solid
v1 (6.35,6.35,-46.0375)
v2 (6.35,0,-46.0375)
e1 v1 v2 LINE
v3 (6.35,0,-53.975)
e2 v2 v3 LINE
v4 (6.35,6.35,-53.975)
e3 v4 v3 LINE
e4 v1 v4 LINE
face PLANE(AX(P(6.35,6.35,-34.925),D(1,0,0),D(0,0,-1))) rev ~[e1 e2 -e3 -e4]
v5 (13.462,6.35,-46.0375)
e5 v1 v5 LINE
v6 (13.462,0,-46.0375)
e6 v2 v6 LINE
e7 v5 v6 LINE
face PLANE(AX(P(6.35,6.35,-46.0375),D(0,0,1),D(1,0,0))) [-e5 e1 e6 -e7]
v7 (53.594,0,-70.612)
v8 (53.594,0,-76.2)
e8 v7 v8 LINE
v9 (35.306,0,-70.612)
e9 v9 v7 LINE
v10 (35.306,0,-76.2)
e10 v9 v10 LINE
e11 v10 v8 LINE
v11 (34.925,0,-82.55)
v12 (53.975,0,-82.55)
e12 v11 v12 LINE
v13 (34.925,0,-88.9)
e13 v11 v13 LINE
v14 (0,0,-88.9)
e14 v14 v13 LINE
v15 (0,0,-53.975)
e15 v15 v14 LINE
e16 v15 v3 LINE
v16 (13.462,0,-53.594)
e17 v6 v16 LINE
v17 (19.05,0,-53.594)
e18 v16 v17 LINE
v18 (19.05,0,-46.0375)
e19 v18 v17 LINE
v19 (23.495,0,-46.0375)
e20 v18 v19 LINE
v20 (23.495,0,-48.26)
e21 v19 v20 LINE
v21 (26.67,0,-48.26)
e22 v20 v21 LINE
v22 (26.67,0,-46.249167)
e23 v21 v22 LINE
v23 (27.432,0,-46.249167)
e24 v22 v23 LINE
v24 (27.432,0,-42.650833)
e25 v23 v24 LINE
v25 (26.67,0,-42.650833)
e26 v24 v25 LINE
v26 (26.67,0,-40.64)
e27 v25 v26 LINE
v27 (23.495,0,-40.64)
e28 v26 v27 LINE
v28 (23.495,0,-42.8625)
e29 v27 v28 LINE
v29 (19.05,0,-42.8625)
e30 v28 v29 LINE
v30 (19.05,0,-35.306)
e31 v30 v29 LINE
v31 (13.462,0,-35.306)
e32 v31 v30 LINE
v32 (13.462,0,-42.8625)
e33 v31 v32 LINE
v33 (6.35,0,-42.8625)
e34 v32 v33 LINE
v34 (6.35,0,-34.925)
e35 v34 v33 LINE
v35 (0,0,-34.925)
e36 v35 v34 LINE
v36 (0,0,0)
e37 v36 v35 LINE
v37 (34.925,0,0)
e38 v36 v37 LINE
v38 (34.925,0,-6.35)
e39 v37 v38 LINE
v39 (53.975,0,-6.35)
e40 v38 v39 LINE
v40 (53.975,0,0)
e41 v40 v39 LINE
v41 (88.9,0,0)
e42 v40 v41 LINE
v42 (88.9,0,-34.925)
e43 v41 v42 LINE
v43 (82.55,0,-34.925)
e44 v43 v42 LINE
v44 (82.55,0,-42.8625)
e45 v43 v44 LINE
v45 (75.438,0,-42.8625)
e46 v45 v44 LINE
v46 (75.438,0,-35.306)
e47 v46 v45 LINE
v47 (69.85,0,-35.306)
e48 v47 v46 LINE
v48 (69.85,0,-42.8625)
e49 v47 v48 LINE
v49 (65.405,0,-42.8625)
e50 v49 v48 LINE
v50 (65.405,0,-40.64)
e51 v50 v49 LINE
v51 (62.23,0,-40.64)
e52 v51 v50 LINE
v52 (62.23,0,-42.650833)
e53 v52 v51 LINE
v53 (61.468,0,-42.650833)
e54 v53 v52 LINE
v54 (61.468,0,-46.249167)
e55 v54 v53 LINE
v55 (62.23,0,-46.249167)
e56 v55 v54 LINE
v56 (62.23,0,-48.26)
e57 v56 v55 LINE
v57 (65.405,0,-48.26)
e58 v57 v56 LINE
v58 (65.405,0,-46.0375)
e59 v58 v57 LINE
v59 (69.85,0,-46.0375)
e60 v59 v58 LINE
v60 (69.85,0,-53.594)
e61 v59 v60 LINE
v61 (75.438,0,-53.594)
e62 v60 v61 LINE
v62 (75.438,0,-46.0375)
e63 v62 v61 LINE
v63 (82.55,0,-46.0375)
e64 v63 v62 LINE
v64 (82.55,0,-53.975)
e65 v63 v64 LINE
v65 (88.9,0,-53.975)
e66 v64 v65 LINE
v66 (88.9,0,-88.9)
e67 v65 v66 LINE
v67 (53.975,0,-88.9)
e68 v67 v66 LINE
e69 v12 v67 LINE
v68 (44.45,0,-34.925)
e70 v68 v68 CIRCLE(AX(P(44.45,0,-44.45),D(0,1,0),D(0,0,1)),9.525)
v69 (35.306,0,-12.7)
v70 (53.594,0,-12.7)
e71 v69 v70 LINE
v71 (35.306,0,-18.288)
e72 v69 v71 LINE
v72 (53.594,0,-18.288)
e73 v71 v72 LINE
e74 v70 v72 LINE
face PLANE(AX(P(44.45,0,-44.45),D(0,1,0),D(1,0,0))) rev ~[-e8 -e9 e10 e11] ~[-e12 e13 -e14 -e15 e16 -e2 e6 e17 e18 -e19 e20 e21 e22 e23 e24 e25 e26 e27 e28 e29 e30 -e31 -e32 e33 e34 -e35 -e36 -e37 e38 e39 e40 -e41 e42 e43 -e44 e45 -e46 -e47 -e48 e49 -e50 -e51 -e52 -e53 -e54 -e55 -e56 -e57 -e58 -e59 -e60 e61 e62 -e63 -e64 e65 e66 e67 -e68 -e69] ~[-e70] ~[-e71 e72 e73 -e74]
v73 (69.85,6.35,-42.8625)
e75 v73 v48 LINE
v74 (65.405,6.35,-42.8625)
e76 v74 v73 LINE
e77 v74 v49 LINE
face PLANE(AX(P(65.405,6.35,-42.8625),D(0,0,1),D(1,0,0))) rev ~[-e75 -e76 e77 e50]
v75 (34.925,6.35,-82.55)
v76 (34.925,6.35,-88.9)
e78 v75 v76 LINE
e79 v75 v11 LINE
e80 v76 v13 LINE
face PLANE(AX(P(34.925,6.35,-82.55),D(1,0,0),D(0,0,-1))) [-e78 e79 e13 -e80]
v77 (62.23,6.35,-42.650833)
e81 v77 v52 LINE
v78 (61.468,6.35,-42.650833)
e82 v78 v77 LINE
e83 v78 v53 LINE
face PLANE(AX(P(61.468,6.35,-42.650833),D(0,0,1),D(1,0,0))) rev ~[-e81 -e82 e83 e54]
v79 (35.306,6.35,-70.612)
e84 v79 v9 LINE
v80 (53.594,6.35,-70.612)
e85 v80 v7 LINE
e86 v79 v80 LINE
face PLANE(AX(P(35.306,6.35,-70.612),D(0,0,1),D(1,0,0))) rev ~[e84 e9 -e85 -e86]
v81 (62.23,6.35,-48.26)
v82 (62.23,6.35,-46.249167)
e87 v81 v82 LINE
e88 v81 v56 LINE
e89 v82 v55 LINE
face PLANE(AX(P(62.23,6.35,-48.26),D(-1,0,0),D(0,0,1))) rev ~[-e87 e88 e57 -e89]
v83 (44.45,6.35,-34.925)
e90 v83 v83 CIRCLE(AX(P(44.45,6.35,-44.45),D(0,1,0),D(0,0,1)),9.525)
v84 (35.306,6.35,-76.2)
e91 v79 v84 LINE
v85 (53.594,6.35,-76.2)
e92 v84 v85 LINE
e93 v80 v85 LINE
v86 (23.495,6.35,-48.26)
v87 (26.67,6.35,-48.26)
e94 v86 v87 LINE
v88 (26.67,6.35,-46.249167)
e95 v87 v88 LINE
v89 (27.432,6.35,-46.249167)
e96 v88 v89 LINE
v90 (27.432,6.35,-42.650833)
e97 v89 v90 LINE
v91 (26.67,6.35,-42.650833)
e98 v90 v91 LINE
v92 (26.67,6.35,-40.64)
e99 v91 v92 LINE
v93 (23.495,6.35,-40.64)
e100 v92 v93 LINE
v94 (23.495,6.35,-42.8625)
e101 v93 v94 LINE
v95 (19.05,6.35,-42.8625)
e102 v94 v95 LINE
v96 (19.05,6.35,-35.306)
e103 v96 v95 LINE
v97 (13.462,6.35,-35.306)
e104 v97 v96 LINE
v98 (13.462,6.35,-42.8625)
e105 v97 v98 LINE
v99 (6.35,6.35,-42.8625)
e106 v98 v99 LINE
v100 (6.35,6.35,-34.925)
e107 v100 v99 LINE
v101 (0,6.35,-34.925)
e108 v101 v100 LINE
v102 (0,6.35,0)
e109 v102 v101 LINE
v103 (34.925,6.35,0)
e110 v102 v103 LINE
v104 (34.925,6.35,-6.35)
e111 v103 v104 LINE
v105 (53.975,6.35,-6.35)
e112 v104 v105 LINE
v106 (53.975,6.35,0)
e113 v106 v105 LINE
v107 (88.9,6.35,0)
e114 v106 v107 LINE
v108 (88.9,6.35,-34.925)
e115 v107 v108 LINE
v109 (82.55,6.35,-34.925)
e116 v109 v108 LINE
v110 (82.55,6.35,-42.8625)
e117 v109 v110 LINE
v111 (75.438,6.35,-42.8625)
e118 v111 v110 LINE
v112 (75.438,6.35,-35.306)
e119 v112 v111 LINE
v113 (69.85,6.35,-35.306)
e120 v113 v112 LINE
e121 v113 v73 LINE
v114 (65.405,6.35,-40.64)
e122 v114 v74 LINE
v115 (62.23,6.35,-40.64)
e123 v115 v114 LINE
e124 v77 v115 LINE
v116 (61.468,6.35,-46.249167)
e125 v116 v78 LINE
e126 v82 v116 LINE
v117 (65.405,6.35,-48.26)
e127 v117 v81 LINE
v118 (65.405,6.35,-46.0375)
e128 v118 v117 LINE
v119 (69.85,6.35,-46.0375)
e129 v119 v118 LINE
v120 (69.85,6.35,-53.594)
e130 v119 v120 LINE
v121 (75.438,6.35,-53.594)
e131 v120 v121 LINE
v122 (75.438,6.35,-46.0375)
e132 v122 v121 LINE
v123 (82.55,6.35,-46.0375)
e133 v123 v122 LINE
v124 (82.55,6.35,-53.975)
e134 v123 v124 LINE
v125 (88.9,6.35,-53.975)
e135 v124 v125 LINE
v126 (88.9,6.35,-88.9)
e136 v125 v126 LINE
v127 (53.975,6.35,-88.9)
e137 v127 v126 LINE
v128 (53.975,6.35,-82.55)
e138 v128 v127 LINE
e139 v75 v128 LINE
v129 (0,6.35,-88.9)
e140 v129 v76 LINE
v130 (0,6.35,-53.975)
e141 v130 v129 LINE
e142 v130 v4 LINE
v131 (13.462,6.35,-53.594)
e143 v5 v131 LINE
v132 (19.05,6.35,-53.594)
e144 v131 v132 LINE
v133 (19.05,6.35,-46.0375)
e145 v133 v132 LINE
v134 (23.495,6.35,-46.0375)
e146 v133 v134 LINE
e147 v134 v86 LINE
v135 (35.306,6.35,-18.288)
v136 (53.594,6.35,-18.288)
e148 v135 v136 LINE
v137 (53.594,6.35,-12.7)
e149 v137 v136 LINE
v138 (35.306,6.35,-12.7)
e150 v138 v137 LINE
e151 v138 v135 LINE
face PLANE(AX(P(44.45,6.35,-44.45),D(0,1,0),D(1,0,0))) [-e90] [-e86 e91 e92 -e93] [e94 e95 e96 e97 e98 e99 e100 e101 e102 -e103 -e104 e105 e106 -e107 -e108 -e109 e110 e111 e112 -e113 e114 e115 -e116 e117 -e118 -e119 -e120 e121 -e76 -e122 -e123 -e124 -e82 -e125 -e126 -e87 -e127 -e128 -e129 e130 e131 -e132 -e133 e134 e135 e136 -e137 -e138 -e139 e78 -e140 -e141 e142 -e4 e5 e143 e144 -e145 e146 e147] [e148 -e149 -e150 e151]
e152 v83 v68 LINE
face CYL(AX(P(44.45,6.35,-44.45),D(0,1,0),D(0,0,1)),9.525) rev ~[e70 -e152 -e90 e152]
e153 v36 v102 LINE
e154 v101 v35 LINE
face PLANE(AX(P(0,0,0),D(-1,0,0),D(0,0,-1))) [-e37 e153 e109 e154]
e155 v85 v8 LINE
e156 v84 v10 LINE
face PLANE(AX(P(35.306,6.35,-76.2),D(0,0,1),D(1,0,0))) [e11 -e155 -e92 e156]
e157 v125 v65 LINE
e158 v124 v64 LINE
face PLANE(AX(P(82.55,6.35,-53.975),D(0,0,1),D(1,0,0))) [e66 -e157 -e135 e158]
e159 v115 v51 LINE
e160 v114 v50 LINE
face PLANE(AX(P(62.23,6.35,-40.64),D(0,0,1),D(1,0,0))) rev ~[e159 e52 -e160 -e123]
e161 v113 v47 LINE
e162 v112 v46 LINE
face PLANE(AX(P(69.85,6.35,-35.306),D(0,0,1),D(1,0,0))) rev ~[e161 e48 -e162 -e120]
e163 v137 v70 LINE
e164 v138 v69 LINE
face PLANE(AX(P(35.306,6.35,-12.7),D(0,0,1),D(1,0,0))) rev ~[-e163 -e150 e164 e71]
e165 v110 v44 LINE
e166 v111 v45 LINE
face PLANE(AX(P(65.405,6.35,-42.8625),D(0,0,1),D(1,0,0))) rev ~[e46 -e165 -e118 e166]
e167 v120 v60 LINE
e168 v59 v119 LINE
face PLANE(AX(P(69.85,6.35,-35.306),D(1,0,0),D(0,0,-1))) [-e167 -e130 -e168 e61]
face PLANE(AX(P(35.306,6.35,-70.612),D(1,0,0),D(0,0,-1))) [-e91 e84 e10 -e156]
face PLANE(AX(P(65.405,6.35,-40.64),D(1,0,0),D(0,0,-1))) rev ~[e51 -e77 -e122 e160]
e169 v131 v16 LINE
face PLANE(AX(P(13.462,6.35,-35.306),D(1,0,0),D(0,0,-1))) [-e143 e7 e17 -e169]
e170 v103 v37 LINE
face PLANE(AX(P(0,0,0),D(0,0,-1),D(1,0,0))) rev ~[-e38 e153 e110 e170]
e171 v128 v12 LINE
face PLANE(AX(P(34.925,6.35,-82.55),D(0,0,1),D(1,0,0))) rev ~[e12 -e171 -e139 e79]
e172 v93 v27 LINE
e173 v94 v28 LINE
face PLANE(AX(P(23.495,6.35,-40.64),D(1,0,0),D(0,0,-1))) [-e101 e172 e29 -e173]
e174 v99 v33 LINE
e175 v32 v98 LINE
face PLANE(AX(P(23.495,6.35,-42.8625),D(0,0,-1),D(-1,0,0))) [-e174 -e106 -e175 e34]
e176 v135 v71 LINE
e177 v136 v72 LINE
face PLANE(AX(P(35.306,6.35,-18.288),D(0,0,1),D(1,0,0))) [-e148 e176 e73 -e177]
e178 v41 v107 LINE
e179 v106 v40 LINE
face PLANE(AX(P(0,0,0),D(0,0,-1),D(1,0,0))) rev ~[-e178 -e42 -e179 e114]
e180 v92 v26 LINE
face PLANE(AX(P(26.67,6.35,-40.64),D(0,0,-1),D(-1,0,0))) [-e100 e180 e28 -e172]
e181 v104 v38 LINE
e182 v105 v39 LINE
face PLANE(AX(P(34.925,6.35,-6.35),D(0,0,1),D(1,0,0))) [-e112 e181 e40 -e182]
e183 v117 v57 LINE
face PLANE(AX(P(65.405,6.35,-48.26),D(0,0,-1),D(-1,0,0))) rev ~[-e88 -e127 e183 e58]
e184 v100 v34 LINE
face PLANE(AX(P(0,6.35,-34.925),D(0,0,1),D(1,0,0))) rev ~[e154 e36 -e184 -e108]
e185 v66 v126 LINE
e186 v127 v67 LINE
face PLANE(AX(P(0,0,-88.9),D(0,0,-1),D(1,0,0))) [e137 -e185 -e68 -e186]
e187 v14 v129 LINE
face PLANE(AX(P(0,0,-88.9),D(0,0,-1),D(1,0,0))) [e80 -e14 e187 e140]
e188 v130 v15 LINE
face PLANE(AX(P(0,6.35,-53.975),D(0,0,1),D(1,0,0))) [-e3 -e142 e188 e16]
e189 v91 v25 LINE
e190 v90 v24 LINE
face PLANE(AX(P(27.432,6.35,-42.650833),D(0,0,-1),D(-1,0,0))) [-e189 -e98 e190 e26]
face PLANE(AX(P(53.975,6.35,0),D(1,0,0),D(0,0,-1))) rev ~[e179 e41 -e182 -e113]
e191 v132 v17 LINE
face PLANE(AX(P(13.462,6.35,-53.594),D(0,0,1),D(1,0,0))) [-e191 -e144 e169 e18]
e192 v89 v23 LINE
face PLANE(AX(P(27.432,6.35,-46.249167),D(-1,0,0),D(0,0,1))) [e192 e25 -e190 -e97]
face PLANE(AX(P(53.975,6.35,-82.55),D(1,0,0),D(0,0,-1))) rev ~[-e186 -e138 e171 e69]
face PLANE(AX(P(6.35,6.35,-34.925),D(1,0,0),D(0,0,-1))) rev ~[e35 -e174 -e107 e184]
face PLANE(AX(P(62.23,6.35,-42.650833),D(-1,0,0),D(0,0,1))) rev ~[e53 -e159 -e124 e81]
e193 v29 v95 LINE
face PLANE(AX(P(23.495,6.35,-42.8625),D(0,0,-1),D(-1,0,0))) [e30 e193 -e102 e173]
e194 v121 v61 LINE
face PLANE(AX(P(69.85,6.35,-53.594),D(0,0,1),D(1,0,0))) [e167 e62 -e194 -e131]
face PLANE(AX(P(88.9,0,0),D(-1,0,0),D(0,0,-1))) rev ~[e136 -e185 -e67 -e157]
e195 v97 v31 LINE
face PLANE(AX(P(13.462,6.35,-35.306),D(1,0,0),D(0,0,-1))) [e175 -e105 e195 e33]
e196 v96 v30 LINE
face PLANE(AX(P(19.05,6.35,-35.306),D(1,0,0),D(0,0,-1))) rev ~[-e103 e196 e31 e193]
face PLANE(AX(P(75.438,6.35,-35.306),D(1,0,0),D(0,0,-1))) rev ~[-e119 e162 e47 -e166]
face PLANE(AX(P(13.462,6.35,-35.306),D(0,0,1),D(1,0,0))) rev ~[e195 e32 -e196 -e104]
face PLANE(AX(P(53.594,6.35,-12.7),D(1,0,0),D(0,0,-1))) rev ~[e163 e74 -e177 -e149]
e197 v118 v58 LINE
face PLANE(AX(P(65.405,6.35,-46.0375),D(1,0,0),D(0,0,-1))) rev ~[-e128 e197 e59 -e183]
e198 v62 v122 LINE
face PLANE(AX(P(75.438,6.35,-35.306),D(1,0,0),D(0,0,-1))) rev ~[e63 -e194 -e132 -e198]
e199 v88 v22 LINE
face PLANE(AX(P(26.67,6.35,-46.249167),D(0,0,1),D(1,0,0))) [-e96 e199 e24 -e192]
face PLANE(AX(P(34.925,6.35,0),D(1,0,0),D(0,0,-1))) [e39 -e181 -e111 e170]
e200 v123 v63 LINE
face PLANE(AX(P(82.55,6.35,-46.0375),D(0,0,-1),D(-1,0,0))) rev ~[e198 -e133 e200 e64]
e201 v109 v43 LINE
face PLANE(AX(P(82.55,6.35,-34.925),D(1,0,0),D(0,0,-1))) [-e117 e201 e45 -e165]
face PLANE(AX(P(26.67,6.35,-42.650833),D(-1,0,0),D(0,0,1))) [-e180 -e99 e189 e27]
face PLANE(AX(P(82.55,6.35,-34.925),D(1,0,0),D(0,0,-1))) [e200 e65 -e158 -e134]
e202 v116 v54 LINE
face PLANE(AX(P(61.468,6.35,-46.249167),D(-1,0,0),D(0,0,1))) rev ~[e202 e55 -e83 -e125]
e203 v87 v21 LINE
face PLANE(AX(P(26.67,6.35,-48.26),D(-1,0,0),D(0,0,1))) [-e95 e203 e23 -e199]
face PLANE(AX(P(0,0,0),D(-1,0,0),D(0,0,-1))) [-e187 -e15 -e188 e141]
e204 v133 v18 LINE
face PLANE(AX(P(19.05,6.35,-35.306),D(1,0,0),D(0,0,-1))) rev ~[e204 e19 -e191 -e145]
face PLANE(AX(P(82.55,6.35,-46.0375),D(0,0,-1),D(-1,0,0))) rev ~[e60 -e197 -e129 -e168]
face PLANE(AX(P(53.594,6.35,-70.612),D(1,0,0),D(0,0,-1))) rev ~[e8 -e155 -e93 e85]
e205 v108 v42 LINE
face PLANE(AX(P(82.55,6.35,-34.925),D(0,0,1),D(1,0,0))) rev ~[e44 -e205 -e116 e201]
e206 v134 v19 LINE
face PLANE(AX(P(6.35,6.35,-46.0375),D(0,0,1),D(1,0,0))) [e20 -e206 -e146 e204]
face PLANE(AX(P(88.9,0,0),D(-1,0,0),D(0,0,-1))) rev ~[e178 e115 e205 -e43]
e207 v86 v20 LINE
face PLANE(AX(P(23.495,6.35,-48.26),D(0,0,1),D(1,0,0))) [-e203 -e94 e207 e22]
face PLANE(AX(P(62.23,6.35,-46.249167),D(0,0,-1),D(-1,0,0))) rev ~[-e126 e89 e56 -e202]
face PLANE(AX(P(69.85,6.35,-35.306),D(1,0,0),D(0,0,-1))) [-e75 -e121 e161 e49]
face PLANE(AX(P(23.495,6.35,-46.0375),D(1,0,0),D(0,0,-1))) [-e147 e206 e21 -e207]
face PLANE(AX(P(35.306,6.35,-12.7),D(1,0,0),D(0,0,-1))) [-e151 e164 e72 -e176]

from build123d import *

# Parameters (mm, degrees)
SKETCH1_W           = 88.9
SKETCH1_H           = 88.9
BOSS_EXTRUDE1_DEPTH = 6.35
SKETCH2_R           = 9.525
SKETCH2_W           = 18.288
SKETCH2_H           = 5.588
SKETCH2_W_2         = 5.588
SKETCH2_H_2         = 18.288
CUT_EXTRUDE1_DEPTH  = 126.88384527
SKETCH3_W           = 19.05
SKETCH3_H           = 6.35
SKETCH3_W_2         = 6.35
SKETCH3_H_2         = 19.05
CUT_EXTRUDE2_DEPTH  = 126.88384527
CUT_EXTRUDE3_DEPTH  = 126.88384527


with BuildPart() as part:
    # Sketch1 → Boss-Extrude1 (new body)
    with BuildSketch(Plane(origin=(0, 0, 0), x_dir=(1, 0, 0), z_dir=(0, 1, 0))):
        with Locations((44.45, 44.45)):
            Rectangle(SKETCH1_W, SKETCH1_H)
    extrude(amount=BOSS_EXTRUDE1_DEPTH)

    # Sketch2 → Cut-Extrude1 (cut, through all)
    with BuildSketch(Plane(origin=(0, 6.35, 0), x_dir=(1, 0, 0), z_dir=(0, 1, 0))):
        with Locations(Location((44.45, 44.45, 0), (0, 0, 270))):
            Circle(SKETCH2_R)
        with Locations((44.45, 73.406)):
            Rectangle(SKETCH2_W, SKETCH2_H)
        with Locations((16.256, 44.45)):
            Rectangle(SKETCH2_W_2, SKETCH2_H_2)
        with Locations((72.644, 44.45)):
            Rectangle(SKETCH2_W_2, SKETCH2_H_2)
        with Locations((44.45, 15.494)):
            Rectangle(SKETCH2_W, SKETCH2_H)
    extrude(amount=-CUT_EXTRUDE1_DEPTH, mode=Mode.SUBTRACT)

    # Sketch3 → Cut-Extrude2 (cut, through all)
    with BuildSketch(Plane(origin=(0, 6.35, 0), x_dir=(1, 0, 0), z_dir=(0, 1, 0))):
        with Locations((44.45, 85.725)):
            Rectangle(SKETCH3_W, SKETCH3_H)
        with Locations((85.725, 44.45)):
            Rectangle(SKETCH3_W_2, SKETCH3_H_2)
        with Locations((44.45, 3.175)):
            Rectangle(SKETCH3_W, SKETCH3_H)
        with Locations((3.175, 44.45)):
            Rectangle(SKETCH3_W_2, SKETCH3_H_2)
    extrude(amount=-CUT_EXTRUDE2_DEPTH, mode=Mode.SUBTRACT)

    # Sketch4 → Cut-Extrude3 (cut, through all)
    with BuildSketch(Plane(origin=(0, 6.35, 0), x_dir=(1, 0, 0), z_dir=(0, 1, 0))):
        Polygon((23.495, 46.0375), (23.495, 48.26), (26.67, 48.26), (26.67, 46.249166667), (27.432, 46.249166667), (27.432, 42.650833333), (26.67, 42.650833333), (26.67, 40.64), (23.495, 40.64), (23.495, 42.8625), (6.35, 42.8625), (6.35, 46.0375), align=None)
        Polygon((62.23, 46.249166667), (61.468, 46.249166667), (61.468, 42.650833333), (62.23, 42.650833333), (62.23, 40.64), (65.405, 40.64), (65.405, 42.8625), (82.55, 42.8625), (82.55, 46.0375), (65.405, 46.0375), (65.405, 48.26), (62.23, 48.26), align=None)
    extrude(amount=-CUT_EXTRUDE3_DEPTH, mode=Mode.SUBTRACT)


solid = part.part
